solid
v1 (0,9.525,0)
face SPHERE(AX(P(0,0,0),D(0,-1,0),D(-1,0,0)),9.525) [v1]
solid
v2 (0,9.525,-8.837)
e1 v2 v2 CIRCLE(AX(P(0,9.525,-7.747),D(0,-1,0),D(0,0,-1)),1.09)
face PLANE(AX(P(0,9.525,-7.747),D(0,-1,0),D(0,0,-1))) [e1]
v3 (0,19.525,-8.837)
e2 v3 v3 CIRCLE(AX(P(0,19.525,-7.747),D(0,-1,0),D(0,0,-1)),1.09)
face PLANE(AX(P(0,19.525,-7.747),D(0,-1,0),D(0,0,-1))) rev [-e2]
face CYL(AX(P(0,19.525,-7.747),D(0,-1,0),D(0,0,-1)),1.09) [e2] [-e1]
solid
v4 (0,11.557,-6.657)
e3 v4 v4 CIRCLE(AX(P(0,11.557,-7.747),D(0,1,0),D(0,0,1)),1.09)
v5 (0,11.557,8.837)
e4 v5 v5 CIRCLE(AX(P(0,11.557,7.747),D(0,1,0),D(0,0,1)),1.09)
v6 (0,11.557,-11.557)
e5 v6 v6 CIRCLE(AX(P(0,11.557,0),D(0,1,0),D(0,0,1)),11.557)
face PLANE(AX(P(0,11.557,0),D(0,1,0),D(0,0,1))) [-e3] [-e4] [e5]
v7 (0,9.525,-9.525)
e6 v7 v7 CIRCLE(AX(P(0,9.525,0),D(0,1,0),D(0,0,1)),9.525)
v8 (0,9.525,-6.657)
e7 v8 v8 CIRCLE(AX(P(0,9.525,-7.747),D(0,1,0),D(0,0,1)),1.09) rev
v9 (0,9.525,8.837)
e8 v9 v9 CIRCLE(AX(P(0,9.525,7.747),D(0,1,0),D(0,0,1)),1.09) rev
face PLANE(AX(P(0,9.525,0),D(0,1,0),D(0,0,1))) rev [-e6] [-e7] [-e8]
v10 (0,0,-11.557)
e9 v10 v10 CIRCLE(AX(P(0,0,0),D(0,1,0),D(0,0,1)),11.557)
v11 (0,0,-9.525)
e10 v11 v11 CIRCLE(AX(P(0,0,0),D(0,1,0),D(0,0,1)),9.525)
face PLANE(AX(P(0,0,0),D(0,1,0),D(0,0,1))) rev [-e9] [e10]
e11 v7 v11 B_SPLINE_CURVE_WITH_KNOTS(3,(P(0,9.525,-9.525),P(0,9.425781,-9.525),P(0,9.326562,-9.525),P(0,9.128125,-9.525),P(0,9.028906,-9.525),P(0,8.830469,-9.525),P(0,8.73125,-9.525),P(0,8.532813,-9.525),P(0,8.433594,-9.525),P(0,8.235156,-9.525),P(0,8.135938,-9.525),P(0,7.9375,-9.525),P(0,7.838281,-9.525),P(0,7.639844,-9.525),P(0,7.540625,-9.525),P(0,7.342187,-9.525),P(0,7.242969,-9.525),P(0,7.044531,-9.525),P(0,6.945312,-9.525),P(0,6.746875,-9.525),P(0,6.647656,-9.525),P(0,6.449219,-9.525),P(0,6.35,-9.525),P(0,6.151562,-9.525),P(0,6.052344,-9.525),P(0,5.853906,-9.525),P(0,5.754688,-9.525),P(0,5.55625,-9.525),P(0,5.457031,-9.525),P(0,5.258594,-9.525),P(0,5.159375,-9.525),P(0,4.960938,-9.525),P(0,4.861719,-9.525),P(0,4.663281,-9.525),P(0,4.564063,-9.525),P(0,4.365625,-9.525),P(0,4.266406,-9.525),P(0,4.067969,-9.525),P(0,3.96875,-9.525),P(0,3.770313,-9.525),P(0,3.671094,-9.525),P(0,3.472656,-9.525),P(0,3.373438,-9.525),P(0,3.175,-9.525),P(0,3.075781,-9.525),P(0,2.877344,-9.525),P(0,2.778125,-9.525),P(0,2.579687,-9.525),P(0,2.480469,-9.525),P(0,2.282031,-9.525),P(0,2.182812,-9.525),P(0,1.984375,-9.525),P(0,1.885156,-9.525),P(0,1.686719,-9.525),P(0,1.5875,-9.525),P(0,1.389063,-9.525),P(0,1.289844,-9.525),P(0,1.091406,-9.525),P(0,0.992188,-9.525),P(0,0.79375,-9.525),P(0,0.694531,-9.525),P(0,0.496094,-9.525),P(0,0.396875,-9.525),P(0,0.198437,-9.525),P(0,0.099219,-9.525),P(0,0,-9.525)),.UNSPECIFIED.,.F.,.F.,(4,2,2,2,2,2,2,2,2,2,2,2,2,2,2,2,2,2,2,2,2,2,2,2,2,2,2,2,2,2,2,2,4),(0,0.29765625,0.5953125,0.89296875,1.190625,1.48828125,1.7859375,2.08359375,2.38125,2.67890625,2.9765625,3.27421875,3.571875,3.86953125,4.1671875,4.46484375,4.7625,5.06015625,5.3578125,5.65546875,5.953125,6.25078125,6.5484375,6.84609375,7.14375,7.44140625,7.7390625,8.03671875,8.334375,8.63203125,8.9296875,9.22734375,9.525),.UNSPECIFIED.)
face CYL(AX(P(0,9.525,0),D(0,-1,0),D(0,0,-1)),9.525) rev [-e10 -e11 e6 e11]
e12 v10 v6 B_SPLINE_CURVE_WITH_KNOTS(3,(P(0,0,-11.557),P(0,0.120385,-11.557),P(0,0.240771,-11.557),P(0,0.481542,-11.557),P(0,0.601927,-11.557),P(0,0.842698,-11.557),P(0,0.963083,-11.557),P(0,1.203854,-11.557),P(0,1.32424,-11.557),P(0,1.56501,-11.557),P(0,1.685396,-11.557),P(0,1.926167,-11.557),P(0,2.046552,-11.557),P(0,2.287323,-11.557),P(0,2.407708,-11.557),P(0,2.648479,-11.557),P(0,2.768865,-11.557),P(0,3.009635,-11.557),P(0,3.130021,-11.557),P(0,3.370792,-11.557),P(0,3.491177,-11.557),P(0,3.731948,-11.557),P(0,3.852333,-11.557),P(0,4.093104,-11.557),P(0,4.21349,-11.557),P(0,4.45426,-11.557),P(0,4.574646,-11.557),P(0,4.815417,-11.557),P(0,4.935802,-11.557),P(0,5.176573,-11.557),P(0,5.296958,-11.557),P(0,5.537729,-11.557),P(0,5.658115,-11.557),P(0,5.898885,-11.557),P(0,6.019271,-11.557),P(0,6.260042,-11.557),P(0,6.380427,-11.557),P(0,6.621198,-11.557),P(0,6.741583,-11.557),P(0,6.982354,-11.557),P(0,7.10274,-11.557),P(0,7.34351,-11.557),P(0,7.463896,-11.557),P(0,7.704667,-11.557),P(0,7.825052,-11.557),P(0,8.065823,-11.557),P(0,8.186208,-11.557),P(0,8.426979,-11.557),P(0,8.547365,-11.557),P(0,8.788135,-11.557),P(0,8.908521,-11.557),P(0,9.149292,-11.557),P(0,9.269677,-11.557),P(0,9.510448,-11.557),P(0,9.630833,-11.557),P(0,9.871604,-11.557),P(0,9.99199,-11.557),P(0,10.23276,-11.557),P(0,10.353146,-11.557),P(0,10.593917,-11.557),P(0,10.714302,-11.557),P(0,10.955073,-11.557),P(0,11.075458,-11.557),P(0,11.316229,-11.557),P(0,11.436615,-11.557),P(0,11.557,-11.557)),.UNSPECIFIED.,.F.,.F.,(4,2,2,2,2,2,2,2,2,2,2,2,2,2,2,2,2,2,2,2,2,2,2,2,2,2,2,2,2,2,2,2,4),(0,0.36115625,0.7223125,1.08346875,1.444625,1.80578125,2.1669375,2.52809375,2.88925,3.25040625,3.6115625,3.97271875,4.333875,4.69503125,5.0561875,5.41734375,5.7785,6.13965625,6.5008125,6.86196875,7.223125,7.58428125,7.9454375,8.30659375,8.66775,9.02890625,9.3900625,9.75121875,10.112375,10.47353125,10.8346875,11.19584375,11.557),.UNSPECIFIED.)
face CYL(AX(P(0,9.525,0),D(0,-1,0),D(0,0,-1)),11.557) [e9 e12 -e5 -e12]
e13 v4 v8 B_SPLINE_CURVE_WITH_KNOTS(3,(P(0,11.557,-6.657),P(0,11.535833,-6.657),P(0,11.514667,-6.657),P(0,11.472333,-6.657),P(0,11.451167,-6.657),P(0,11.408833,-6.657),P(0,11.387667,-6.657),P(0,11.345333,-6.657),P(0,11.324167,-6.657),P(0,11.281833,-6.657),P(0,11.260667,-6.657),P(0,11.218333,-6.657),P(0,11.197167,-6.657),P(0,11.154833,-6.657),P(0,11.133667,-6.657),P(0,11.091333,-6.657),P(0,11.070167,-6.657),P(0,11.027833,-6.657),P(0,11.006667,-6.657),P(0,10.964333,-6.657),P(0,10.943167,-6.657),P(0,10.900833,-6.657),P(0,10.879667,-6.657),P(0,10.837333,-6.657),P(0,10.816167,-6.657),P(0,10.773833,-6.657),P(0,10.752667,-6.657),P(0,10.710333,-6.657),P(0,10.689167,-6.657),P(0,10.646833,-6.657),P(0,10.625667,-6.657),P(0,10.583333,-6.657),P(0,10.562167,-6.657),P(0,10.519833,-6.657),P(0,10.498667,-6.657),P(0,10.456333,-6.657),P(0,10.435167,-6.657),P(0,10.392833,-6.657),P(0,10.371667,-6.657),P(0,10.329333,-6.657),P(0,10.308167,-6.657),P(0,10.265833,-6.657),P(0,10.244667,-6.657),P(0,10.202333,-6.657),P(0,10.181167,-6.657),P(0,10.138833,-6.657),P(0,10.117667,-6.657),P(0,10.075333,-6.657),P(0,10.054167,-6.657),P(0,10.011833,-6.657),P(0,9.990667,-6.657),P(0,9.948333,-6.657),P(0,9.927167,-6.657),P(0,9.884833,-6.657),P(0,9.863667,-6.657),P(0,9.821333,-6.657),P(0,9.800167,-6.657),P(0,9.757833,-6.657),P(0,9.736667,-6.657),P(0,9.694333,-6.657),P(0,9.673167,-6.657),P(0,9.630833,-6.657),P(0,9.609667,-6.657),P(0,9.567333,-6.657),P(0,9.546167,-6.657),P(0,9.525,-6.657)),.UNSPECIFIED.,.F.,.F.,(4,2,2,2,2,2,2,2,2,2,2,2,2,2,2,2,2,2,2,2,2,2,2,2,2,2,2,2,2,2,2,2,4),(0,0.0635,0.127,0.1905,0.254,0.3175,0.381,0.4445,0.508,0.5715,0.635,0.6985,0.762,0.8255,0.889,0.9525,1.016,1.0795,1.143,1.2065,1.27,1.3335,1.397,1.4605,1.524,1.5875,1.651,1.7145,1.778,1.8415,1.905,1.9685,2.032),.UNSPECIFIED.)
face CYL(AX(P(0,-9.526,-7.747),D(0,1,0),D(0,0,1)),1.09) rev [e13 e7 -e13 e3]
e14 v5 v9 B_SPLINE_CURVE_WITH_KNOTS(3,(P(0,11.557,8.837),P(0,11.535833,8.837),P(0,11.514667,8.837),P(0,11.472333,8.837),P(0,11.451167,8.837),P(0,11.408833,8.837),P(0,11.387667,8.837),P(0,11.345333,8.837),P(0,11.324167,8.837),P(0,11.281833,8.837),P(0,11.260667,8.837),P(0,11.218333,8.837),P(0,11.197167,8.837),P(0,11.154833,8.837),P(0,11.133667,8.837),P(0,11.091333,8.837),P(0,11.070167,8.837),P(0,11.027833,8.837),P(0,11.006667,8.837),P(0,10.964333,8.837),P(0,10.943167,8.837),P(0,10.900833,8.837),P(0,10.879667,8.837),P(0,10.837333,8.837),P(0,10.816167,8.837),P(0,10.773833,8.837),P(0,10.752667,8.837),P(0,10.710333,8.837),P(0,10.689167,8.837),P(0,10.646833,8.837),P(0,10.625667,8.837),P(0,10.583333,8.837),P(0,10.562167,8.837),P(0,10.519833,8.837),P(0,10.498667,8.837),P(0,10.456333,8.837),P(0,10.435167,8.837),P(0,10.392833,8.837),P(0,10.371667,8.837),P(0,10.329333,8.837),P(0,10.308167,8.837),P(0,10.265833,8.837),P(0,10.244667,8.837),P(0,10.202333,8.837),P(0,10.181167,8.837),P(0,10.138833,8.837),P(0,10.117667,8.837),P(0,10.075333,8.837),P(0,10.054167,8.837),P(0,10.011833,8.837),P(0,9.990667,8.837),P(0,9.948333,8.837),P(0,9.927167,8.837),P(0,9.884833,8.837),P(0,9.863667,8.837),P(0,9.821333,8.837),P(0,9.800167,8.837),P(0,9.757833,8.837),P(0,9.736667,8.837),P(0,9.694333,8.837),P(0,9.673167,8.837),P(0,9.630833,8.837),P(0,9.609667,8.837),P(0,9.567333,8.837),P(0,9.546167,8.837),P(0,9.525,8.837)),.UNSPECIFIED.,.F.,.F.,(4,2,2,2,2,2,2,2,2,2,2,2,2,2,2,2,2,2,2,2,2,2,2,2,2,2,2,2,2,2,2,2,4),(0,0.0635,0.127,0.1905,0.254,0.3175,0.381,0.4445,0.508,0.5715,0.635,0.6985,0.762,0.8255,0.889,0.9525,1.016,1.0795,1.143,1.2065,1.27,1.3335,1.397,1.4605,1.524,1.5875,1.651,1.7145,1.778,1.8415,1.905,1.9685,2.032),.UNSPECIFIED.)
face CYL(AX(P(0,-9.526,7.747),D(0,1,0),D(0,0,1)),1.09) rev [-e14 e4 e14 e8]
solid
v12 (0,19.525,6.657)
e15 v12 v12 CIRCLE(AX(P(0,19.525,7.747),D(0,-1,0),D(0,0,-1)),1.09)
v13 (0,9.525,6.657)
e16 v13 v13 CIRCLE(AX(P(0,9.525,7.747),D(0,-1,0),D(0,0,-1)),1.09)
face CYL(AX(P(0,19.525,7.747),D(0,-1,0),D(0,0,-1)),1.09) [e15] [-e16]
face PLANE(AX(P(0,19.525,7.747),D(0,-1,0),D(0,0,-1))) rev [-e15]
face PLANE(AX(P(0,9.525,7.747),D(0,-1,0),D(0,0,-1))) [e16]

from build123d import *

# Parameters (mm, degrees)
SKETCH2_R          = 11.557
SKETCH2_R_2        = 9.525
HOUSING_PT_1_DEPTH = 9.525
SKETCH3_R          = 11.557
HOUSING_PT_2_DEPTH = 2.032
SKETCH4_R          = 1.09
SCREW_HOLES_DEPTH  = 2.032
SKETCH5_R          = 1.09
SCREWS_DEPTH       = 10
SCREWS_2_DEPTH     = 10


with BuildPart() as part:
    # Sketch1 → Metal Ball 3/4" (revolve)
    with BuildSketch(Plane.XY):
        with BuildLine():
            Line((0, -9.525), (0, 9.525))
            ThreePointArc((0, 9.525), (9.525, 0), (0, -9.525))
        make_face()
    revolve(axis=Axis((0, -9.525, 0), (0, 1, 0)))


with BuildPart() as body_2:
    # Sketch2 → Housing Pt. 1 (new body)
    with BuildSketch(Plane(origin=(0, 0, 0), x_dir=(1, 0, 0), z_dir=(0, 1, 0))):
        with Locations(Location((0, 0, 0), (0, 0, 90))):
            Circle(SKETCH2_R)
        with Locations(Location((0, 0, 0), (0, 0, 90))):
            Circle(SKETCH2_R_2, mode=Mode.SUBTRACT)
    extrude(amount=HOUSING_PT_1_DEPTH)

    # Sketch3 → Housing Pt. 2 (add)
    with BuildSketch(Plane(origin=(0, 9.525, 0), x_dir=(1, 0, 0), z_dir=(0, 1, 0))):
        with Locations(Location((0, 0, 0), (0, 0, 90))):
            Circle(SKETCH3_R)
    extrude(amount=HOUSING_PT_2_DEPTH)

    # Sketch4 → Screw Holes (cut)
    with BuildSketch(Plane(origin=(0, 11.557, 0), x_dir=(1, 0, 0), z_dir=(0, 1, 0))):
        with Locations(Location((0, 7.747, 0), (0, 0, 270))):
            Circle(SKETCH4_R)
        with Locations(Location((0, -7.747, 0), (0, 0, 270))):
            Circle(SKETCH4_R)
    extrude(amount=-SCREW_HOLES_DEPTH, mode=Mode.SUBTRACT)


with BuildPart() as body_3:
    # Sketch5 → Screws (new body)
    with BuildSketch(Plane.XZ.offset(-9.525)):
        with Locations(Location((0, 7.747, 0), (0, 0, 270))):
            Circle(SKETCH5_R)
    extrude(amount=-SCREWS_DEPTH)


with BuildPart() as body_4:
    # Sketch5 → Screws 2 (new body)
    with BuildSketch(Plane.XZ.offset(-9.525)):
        with Locations(Location((0, -7.747, 0), (0, 0, 270))):
            Circle(SKETCH5_R)
    extrude(amount=-SCREWS_2_DEPTH)


solid = Compound([part.part, body_2.part, body_3.part, body_4.part])
